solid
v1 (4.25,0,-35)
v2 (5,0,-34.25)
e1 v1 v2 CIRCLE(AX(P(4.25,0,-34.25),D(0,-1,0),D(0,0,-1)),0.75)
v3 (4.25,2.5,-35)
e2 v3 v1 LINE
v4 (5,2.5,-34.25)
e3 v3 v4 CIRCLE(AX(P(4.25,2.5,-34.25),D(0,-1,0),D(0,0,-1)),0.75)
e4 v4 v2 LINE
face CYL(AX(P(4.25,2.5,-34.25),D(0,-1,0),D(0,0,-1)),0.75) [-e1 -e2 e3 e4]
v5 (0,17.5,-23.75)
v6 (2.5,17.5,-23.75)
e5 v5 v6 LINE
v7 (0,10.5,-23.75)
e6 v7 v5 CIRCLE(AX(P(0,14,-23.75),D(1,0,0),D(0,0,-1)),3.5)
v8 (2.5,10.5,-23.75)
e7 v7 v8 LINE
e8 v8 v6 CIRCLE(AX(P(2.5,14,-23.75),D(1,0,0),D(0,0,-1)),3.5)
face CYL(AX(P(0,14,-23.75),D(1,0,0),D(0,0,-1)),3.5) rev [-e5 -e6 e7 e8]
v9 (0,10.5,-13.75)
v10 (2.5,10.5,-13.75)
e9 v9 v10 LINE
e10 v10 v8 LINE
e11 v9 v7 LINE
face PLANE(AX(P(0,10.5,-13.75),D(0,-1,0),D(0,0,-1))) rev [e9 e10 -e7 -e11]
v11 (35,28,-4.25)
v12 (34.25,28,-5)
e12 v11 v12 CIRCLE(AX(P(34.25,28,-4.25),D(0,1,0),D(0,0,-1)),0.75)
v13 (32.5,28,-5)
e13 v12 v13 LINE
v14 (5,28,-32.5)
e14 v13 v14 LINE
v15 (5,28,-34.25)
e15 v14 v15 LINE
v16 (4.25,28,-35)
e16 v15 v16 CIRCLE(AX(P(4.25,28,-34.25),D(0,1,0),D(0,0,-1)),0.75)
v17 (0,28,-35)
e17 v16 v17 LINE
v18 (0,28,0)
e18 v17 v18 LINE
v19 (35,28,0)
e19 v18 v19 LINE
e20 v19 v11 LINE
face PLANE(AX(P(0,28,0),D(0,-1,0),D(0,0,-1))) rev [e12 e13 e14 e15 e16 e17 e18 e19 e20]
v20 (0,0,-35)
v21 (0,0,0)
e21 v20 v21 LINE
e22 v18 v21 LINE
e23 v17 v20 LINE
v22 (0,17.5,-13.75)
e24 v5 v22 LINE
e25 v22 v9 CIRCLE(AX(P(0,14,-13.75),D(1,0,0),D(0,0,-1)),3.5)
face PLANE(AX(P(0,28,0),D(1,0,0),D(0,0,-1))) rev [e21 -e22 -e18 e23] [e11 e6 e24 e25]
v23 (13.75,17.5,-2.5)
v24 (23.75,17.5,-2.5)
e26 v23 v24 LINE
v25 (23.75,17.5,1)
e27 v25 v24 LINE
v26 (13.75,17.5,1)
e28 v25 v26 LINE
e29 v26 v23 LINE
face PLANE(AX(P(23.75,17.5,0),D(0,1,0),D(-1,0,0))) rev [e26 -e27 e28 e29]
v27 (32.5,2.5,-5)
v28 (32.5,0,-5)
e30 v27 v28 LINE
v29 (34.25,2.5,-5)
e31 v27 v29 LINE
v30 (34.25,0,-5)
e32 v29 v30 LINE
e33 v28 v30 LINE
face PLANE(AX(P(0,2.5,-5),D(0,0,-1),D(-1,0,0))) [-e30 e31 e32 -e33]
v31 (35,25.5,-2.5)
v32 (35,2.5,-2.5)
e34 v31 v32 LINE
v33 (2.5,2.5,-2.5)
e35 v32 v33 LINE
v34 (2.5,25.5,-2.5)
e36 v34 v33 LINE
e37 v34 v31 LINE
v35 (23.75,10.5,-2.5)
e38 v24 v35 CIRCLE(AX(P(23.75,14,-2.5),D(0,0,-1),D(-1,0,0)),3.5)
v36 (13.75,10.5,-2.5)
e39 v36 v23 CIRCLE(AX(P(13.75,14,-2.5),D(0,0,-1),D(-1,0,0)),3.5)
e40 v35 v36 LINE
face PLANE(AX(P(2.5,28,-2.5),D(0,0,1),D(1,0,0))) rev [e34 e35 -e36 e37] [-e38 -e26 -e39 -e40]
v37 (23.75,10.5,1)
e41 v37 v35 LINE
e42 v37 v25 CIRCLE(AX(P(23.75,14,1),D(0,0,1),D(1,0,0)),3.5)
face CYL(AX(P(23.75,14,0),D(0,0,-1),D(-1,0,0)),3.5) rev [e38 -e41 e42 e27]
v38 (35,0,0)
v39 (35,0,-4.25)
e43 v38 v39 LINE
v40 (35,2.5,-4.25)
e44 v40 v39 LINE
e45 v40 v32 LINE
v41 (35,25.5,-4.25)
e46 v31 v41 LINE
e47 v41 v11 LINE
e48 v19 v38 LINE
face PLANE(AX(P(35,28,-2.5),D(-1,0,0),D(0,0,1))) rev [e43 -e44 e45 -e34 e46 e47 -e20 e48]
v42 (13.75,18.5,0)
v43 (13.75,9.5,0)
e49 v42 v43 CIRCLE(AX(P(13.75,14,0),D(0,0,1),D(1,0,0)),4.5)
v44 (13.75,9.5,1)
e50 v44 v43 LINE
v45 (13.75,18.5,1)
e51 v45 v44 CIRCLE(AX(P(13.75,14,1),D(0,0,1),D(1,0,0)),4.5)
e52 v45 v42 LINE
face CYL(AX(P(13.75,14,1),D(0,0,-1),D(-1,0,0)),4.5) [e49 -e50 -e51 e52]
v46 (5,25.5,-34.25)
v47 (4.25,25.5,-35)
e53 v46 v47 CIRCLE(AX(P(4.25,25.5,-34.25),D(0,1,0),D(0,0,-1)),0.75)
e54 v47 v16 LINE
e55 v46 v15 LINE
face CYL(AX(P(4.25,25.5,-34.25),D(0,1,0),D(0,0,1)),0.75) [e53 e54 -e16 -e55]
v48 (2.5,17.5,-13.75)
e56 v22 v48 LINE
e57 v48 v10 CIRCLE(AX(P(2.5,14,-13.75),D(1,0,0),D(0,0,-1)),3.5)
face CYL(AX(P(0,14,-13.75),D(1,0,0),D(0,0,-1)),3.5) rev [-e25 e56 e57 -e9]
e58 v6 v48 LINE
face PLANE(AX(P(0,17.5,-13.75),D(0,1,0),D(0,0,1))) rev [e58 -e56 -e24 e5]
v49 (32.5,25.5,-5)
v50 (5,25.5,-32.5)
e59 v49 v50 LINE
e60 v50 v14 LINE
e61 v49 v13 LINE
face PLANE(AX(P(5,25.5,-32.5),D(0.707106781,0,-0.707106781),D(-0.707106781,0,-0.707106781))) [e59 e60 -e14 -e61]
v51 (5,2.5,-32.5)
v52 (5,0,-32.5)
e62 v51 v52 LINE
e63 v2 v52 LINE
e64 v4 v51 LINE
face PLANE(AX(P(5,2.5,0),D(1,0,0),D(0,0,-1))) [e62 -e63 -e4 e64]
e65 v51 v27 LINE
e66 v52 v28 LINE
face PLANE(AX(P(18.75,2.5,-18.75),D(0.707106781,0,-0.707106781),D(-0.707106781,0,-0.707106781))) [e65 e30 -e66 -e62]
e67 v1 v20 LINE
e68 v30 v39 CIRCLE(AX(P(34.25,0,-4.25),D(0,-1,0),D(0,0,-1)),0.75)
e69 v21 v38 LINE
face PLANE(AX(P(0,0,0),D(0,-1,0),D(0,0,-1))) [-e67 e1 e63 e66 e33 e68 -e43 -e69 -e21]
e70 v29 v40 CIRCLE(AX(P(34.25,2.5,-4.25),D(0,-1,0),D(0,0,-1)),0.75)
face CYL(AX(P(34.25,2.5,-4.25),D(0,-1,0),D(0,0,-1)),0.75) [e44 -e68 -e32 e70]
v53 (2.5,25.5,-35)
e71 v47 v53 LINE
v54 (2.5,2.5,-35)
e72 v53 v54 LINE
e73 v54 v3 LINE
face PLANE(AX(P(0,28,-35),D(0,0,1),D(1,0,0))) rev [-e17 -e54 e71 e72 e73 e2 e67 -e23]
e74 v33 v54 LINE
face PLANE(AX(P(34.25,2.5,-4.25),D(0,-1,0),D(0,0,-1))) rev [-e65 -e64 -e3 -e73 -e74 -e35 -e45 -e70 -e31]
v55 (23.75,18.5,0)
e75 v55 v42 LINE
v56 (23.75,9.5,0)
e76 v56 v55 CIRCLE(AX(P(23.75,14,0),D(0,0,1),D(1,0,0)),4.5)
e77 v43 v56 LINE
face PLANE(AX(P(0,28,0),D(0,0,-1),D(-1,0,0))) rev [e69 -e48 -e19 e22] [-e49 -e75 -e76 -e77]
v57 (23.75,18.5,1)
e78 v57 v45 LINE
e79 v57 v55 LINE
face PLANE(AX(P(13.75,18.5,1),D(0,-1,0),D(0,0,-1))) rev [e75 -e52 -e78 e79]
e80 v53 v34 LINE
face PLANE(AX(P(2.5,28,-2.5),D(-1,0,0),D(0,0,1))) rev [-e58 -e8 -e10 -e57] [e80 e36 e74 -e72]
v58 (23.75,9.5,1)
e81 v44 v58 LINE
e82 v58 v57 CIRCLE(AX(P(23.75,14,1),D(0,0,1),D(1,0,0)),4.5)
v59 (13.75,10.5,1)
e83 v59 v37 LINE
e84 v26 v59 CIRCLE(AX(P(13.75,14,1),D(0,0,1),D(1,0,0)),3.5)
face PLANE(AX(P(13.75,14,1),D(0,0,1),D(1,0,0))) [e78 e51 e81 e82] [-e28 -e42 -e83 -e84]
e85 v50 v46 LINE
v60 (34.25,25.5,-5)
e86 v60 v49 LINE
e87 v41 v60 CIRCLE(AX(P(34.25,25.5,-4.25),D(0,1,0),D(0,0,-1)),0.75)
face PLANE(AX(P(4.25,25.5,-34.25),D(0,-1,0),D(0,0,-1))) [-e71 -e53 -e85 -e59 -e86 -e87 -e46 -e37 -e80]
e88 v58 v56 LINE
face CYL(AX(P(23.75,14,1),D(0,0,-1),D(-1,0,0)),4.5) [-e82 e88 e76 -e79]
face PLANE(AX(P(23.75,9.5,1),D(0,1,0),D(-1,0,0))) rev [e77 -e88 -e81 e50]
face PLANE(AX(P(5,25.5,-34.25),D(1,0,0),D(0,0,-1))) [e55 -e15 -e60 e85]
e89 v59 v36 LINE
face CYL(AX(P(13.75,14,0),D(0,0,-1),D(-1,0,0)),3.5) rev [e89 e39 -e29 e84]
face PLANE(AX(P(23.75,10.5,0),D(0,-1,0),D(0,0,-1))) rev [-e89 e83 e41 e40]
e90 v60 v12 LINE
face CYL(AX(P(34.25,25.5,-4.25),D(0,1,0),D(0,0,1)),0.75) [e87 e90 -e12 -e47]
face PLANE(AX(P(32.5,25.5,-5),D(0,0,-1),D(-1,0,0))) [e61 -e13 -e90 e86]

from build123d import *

# Parameters (mm, degrees)
BOSS_EXTRUDE1_DEPTH = 28
BOSS_EXTRUDE2_DEPTH = 2.5
BOSS_EXTRUDE3_START = -25.5
BOSS_EXTRUDE3_DEPTH = 2.5
CUT_EXTRUDE1_DEPTH  = 2.5
CUT_EXTRUDE2_DEPTH  = 2.5
BOSS_EXTRUDE4_DEPTH = 1


with BuildPart() as part:
    # Sketch1 → Boss-Extrude1 (new body)
    with BuildSketch(Plane(origin=(0, 0, 0), x_dir=(1, 0, 0), z_dir=(0, 1, 0))):
        Polygon((0, 0), (0, 35), (2.5, 35), (2.5, 2.5), (35, 2.5), (35, 0), align=None)
    extrude(amount=BOSS_EXTRUDE1_DEPTH)

    # Sketch2 → Boss-Extrude2 (add)
    with BuildSketch(Plane(origin=(0, 28, 0), x_dir=(1, 0, 0), z_dir=(0, 1, 0))):
        with BuildLine():
            Line((2.5, 35), (4.25, 35))
            ThreePointArc((4.25, 35), (4.780330086, 34.780330086), (5, 34.25))
            Line((5, 34.25), (5, 32.5))
            Line((5, 32.5), (32.5, 5))
            Line((32.5, 5), (34.25, 5))
            ThreePointArc((34.25, 5), (34.780330086, 4.780330086), (35, 4.25))
            Line((35, 4.25), (35, 2.5))
            Line((35, 2.5), (2.5, 2.5))
            Line((2.5, 2.5), (2.5, 35))
        make_face()
    extrude(amount=-BOSS_EXTRUDE2_DEPTH)

    # Sketch2<2> → Boss-Extrude3 (add)
    with BuildSketch(Plane(origin=(0, 28, 0), x_dir=(1, 0, 0), z_dir=(0, 1, 0)).offset(BOSS_EXTRUDE3_START)):
        with BuildLine():
            Line((2.5, 35), (4.25, 35))
            ThreePointArc((4.25, 35), (4.780330086, 34.780330086), (5, 34.25))
            Line((5, 34.25), (5, 32.5))
            Line((5, 32.5), (32.5, 5))
            Line((32.5, 5), (34.25, 5))
            ThreePointArc((34.25, 5), (34.780330086, 4.780330086), (35, 4.25))
            Line((35, 4.25), (35, 2.5))
            Line((35, 2.5), (2.5, 2.5))
            Line((2.5, 2.5), (2.5, 35))
        make_face()
    extrude(amount=-BOSS_EXTRUDE3_DEPTH)

    # Sketch3 → Cut-Extrude1 (cut)
    with BuildSketch(Plane(origin=(0, 0, -2.5), x_dir=(-1, 0, 0), z_dir=(0, 0, -1))):
        with BuildLine():
            Line((-23.75, 17.5), (-13.75, 17.5))
            ThreePointArc((-13.75, 17.5), (-10.25, 14), (-13.75, 10.5))
            Line((-13.75, 10.5), (-23.75, 10.5))
            ThreePointArc((-23.75, 10.5), (-27.25, 14), (-23.75, 17.5))
        make_face()
    extrude(amount=-CUT_EXTRUDE1_DEPTH, mode=Mode.SUBTRACT)

    # Sketch4 → Cut-Extrude2 (cut)
    with BuildSketch(Plane(origin=(2.5, 0, 0), x_dir=(0, 0, -1), z_dir=(1, 0, 0))):
        with BuildLine():
            Line((13.75, 17.5), (23.75, 17.5))
            ThreePointArc((23.75, 17.5), (27.25, 14), (23.75, 10.5))
            Line((23.75, 10.5), (13.75, 10.5))
            ThreePointArc((13.75, 10.5), (10.25, 14), (13.75, 17.5))
        make_face()
    extrude(amount=-CUT_EXTRUDE2_DEPTH, mode=Mode.SUBTRACT)

    # Sketch5 → Boss-Extrude4 (add)
    with BuildSketch(Plane.XY):
        with BuildLine():
            Line((13.75, 18.5), (23.75, 18.5))
            ThreePointArc((23.75, 18.5), (28.25, 14), (23.75, 9.5))
            Line((23.75, 9.5), (13.75, 9.5))
            ThreePointArc((13.75, 9.5), (9.25, 14), (13.75, 18.5))
        make_face()
        with BuildLine():
            Line((13.75, 17.5), (23.75, 17.5))
            ThreePointArc((23.75, 17.5), (27.25, 14), (23.75, 10.5))
            Line((23.75, 10.5), (13.75, 10.5))
            ThreePointArc((13.75, 10.5), (10.25, 14), (13.75, 17.5))
        make_face(mode=Mode.SUBTRACT)
    extrude(amount=BOSS_EXTRUDE4_DEPTH)


solid = part.part
